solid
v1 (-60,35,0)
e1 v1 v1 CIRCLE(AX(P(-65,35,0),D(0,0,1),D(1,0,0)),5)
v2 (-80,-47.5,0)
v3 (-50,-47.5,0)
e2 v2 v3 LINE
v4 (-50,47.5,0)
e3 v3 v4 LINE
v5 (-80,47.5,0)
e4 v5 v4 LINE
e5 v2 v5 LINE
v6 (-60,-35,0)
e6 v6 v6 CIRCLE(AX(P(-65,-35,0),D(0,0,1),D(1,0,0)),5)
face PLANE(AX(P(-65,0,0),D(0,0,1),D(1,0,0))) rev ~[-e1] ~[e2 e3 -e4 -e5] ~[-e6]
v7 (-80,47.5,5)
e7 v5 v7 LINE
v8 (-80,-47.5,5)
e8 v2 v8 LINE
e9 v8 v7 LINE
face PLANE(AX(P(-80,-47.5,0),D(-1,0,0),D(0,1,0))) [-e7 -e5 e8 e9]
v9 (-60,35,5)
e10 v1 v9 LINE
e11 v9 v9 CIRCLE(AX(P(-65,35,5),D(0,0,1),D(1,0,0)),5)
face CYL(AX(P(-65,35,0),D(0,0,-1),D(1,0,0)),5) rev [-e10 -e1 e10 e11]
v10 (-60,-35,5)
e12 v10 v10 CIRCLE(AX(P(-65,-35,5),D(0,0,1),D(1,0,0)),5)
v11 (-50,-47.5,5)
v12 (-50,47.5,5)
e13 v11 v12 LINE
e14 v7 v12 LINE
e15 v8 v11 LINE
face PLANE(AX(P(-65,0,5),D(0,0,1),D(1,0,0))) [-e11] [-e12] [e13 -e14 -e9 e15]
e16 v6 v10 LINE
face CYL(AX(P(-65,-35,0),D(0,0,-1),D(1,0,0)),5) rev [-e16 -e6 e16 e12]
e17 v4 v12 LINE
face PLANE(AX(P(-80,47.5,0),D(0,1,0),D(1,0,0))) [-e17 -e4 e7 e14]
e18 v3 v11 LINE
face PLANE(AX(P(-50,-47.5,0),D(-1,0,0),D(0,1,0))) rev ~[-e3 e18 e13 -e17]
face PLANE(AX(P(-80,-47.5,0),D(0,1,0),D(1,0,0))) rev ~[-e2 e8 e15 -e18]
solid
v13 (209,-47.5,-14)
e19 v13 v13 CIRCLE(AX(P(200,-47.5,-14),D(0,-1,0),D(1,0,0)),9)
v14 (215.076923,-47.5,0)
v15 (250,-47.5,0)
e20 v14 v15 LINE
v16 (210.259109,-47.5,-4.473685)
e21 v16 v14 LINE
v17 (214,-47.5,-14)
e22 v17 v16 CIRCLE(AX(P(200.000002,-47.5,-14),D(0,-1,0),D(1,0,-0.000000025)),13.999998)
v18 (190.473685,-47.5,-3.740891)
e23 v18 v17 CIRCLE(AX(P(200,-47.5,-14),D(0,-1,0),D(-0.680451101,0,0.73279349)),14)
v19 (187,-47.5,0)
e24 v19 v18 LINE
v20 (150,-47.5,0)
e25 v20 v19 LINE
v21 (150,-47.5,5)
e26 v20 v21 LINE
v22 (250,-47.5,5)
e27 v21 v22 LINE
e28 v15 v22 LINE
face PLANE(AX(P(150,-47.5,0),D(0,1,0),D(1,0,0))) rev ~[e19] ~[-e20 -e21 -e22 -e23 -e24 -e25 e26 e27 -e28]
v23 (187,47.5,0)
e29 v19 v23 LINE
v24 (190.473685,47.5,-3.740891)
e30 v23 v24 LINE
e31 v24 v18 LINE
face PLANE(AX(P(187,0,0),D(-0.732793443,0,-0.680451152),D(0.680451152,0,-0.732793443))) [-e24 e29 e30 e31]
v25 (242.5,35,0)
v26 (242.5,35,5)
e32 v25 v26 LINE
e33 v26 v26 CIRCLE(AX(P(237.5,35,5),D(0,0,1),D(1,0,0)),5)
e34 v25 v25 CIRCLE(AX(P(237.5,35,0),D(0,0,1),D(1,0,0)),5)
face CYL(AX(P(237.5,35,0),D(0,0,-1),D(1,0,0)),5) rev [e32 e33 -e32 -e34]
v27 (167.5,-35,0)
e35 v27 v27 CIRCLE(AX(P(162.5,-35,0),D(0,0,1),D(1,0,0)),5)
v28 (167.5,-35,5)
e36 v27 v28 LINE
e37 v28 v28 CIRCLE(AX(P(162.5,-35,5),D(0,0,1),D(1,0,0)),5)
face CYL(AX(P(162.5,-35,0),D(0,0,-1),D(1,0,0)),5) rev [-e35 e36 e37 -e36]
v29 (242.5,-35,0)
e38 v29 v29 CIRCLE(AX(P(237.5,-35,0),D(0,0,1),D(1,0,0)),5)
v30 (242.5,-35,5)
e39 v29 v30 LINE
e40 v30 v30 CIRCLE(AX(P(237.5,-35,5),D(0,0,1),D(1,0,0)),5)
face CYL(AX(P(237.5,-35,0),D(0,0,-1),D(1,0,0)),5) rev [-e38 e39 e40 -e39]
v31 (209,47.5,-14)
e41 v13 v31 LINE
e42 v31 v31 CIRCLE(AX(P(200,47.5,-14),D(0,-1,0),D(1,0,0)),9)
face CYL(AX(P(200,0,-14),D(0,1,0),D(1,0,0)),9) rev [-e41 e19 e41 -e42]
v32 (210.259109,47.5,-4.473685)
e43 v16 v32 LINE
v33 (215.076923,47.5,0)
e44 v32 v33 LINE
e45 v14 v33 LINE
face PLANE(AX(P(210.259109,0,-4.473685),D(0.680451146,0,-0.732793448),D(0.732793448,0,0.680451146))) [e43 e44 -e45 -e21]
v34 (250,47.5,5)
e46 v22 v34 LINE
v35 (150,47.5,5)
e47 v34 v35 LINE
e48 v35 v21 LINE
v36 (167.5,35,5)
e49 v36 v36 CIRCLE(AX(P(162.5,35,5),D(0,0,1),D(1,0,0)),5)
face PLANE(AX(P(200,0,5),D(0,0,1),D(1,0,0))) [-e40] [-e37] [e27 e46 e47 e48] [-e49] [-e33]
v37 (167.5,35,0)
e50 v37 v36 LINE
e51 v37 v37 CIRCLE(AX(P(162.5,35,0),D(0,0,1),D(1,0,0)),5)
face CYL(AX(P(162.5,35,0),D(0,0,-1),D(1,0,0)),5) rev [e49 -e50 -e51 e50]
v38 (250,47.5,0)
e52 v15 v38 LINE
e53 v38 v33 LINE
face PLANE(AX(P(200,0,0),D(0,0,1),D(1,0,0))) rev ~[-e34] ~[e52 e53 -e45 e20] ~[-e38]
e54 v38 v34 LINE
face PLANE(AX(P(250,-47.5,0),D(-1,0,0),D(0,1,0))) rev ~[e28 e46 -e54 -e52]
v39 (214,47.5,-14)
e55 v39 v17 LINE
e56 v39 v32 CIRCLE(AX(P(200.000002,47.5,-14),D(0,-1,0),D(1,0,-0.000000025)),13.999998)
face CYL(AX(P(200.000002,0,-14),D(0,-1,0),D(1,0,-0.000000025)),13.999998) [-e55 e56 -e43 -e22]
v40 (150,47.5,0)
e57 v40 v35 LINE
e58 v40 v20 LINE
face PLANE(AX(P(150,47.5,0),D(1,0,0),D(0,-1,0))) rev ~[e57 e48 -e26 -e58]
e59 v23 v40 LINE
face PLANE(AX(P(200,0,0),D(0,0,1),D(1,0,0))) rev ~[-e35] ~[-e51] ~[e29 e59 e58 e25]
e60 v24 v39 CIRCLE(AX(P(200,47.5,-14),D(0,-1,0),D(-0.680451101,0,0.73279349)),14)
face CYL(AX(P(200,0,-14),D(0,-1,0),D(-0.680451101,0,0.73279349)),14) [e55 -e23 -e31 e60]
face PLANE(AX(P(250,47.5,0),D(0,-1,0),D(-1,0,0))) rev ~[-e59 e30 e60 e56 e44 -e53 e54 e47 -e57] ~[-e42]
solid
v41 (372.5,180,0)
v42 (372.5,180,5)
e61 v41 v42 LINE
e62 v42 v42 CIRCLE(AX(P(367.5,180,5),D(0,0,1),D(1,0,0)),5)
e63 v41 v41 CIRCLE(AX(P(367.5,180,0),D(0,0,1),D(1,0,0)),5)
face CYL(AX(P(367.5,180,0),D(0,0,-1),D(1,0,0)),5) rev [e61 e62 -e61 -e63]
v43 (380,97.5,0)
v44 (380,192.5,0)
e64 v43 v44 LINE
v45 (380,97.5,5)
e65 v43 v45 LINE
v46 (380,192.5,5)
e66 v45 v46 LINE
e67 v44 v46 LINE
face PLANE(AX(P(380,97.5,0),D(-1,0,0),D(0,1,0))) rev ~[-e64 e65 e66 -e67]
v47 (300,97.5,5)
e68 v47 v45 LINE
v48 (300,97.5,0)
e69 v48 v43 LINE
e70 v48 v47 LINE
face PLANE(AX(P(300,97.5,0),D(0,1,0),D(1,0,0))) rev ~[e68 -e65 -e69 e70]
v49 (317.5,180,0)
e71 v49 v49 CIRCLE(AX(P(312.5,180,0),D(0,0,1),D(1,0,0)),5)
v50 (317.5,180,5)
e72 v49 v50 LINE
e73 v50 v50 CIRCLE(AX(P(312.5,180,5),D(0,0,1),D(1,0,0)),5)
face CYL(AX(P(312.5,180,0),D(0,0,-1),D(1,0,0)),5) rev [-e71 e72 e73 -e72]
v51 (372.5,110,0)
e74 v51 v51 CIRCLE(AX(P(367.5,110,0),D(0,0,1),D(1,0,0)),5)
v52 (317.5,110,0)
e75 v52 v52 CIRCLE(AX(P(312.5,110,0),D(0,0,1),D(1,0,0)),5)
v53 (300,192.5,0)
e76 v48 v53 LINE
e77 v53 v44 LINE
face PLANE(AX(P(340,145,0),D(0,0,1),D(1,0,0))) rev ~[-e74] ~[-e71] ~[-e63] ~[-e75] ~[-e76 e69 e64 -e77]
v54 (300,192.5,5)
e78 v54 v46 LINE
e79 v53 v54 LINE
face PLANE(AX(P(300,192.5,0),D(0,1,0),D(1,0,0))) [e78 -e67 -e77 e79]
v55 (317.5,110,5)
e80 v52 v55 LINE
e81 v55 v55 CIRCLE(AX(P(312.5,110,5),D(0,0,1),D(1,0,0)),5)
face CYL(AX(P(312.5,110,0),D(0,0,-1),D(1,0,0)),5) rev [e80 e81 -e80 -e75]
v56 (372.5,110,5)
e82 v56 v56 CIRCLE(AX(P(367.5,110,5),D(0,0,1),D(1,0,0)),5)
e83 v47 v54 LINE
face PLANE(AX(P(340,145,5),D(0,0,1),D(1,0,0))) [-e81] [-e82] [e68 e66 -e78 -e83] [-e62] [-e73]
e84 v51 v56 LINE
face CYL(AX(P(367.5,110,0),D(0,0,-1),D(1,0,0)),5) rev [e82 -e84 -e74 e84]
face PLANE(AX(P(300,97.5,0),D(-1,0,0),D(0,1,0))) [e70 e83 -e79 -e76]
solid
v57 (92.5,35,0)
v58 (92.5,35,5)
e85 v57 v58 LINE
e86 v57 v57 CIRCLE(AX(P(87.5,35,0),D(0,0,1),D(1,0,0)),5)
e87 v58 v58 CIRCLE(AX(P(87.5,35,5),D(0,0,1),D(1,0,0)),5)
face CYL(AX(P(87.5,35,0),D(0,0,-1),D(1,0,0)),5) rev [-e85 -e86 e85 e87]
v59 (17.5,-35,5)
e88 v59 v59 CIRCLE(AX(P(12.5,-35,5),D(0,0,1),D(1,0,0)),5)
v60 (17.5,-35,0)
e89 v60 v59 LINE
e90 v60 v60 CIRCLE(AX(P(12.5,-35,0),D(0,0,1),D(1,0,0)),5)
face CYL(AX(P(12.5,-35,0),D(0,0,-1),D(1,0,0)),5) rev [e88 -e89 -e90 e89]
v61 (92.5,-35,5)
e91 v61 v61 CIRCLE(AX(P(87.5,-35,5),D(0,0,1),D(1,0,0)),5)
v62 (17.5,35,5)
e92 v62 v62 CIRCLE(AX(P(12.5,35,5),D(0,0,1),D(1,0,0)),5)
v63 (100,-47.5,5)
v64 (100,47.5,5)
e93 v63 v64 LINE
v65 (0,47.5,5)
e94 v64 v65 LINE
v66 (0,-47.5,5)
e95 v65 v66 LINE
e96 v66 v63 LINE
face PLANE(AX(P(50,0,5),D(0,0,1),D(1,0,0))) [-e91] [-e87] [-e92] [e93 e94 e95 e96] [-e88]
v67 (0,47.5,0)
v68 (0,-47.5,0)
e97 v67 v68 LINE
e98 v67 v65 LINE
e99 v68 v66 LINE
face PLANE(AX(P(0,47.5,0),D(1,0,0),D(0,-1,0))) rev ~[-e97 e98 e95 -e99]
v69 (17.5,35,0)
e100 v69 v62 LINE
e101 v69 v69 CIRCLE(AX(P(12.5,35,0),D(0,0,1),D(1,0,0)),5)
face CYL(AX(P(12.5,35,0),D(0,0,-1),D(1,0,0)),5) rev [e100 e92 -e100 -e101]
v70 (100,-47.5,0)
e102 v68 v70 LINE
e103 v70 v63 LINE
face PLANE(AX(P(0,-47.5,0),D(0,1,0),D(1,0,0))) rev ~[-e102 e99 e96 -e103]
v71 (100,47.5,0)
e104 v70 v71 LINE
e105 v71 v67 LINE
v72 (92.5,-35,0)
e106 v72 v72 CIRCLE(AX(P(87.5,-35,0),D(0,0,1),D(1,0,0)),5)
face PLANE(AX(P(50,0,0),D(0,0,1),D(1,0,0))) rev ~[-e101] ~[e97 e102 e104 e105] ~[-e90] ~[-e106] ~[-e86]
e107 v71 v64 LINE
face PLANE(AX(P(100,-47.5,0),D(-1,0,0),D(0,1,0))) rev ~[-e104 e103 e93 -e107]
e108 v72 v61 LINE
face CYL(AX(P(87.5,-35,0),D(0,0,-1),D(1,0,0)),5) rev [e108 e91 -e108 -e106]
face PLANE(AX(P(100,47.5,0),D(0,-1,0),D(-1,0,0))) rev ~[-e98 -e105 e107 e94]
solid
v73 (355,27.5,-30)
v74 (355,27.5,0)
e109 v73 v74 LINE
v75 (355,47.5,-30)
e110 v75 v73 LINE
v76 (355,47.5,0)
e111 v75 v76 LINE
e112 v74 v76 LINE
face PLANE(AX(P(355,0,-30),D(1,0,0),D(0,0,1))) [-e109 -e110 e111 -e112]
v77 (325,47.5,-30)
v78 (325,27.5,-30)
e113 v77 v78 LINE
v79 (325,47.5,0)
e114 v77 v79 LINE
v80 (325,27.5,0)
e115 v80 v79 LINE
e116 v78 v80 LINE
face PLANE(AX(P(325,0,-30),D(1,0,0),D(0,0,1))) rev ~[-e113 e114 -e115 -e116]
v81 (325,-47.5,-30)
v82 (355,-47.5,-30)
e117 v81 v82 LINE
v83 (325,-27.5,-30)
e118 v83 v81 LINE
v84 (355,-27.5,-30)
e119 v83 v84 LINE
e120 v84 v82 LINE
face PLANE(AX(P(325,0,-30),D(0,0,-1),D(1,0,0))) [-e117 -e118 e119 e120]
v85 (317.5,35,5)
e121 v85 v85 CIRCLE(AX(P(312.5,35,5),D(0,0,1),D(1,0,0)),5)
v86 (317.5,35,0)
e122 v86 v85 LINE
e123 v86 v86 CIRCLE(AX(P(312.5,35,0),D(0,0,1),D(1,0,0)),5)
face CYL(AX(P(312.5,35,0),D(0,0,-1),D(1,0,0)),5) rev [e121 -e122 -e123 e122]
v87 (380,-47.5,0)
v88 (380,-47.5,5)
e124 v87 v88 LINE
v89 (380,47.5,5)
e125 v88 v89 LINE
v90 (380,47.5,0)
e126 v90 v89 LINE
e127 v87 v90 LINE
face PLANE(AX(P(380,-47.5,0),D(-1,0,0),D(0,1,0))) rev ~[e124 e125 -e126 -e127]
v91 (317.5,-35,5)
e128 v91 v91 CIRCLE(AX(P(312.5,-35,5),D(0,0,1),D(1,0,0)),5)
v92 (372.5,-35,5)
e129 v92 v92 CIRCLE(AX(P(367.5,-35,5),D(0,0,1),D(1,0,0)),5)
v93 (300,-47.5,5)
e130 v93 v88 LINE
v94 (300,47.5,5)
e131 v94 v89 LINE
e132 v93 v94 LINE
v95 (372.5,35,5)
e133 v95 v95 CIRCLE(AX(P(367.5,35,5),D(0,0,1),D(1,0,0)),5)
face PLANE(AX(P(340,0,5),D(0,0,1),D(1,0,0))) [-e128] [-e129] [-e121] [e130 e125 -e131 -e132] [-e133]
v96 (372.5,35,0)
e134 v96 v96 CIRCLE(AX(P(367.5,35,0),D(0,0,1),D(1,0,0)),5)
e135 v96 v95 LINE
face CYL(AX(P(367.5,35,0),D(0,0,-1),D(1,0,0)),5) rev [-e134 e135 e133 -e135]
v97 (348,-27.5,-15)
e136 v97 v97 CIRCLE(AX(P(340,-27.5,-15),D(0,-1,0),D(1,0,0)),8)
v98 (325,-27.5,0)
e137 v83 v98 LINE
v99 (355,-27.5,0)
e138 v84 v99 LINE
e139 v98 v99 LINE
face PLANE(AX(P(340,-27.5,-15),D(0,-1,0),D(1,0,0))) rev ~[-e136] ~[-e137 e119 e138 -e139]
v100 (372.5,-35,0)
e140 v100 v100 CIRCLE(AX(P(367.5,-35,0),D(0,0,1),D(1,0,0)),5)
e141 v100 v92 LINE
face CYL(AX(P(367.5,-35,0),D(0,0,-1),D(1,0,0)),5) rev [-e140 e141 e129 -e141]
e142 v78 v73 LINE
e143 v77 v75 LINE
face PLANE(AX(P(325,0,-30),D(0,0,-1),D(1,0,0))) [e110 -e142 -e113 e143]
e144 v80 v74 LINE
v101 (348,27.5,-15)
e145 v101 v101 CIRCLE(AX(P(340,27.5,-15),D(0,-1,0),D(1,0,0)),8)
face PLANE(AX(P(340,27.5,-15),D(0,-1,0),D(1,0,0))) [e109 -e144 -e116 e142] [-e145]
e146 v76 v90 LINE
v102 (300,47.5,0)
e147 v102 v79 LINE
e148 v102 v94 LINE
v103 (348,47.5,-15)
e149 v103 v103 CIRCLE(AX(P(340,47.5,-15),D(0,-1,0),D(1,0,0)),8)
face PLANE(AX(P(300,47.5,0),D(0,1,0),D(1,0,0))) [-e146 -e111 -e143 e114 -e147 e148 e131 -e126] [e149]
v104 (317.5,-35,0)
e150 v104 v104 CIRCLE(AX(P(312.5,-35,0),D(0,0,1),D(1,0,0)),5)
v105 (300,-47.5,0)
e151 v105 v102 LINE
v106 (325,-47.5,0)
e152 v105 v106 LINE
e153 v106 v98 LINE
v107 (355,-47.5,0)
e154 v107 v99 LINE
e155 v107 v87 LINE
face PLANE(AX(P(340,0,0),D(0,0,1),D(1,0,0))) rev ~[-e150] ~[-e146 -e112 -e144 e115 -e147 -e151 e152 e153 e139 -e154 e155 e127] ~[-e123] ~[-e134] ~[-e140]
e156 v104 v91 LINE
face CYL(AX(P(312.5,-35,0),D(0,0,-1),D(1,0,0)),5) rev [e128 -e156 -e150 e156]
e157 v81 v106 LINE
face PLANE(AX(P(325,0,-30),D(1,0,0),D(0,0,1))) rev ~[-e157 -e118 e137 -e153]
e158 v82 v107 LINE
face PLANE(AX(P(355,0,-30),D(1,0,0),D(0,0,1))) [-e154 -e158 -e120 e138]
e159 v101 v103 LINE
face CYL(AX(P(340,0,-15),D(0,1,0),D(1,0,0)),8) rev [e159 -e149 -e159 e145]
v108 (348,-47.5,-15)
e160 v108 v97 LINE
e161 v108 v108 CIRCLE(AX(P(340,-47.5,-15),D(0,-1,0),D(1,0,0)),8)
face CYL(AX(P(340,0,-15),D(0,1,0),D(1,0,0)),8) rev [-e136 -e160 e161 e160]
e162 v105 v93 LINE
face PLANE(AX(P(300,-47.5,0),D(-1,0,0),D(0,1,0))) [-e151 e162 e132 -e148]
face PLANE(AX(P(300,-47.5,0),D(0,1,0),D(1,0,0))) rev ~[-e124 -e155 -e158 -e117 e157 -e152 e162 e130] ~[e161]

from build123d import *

# Parameters (mm, degrees)
F0_R     = 5
F0_W     = 30
F0_H     = 95
F0_W_2   = 80
F1_DEPTH = 5
F2_R     = 9
F3_DEPTH = 47.5
F2_W     = 30
F2_H     = 30
F2_R_2   = 8
F4_DEPTH = 47.5
F5_DEPTH = 27.5


with BuildPart() as f1:
    # F0 (on Top) → F1 (new body)
    with BuildSketch(Plane.XY):
        Polygon((0, 47.5), (0, 0), (0, -47.5), (100, -47.5), (100, 47.5), align=None)
        with Locations((12.5, -35)):
            Circle(F0_R, mode=Mode.SUBTRACT)
        with Locations((87.5, -35)):
            Circle(F0_R, mode=Mode.SUBTRACT)
        with Locations((12.5, 35)):
            Circle(F0_R, mode=Mode.SUBTRACT)
        with Locations((87.5, 35)):
            Circle(F0_R, mode=Mode.SUBTRACT)
        with Locations((-65, 0)):
            Rectangle(F0_W, F0_H)
        with Locations((-65, -35)):
            Circle(F0_R, mode=Mode.SUBTRACT)
        with Locations((-65, 35)):
            Circle(F0_R, mode=Mode.SUBTRACT)
        Polygon((150, 47.5), (150, -47.5), (250, -47.5), (250, 0), (250, 47.5), align=None)
        with Locations((162.5, -35)):
            Circle(F0_R, mode=Mode.SUBTRACT)
        with Locations((237.5, -35)):
            Circle(F0_R, mode=Mode.SUBTRACT)
        with Locations((162.5, 35)):
            Circle(F0_R, mode=Mode.SUBTRACT)
        with Locations((237.5, 35)):
            Circle(F0_R, mode=Mode.SUBTRACT)
        with Locations((340, 0)):
            Rectangle(F0_W_2, F0_H)
        with Locations((312.5, -35)):
            Circle(F0_R, mode=Mode.SUBTRACT)
        with Locations((367.5, -35)):
            Circle(F0_R, mode=Mode.SUBTRACT)
        with Locations((312.5, 35)):
            Circle(F0_R, mode=Mode.SUBTRACT)
        with Locations((367.5, 35)):
            Circle(F0_R, mode=Mode.SUBTRACT)
        with Locations((340, 145)):
            Rectangle(F0_W_2, F0_H)
        with Locations((312.5, 110)):
            Circle(F0_R, mode=Mode.SUBTRACT)
        with Locations((367.5, 110)):
            Circle(F0_R, mode=Mode.SUBTRACT)
        with Locations((312.5, 180)):
            Circle(F0_R, mode=Mode.SUBTRACT)
        with Locations((367.5, 180)):
            Circle(F0_R, mode=Mode.SUBTRACT)
    extrude(amount=F1_DEPTH)

    # F2 (on Front) → F3 (join, symmetric)
    with BuildSketch(Plane.XZ):
        with BuildLine():
            ThreePointArc((190.473685, -3.740891), (194.882751, -0.968739), (200, 0))
            Line((200, 0), (187, 0))
            Line((187, 0), (190.473685, -3.740891))
        make_face()
        with BuildLine():
            Line((210.259109, -4.473685), (215.076923, 0))
            Line((215.076923, 0), (200, 0))
            ThreePointArc((200, 0), (205.596051, -1.167066), (210.259109, -4.473685))
        make_face()
        with BuildLine():
            ThreePointArc((210.259109, -4.473685), (205.596051, -1.167066), (200, 0))
            ThreePointArc((200, 0), (194.882751, -0.968739), (190.473685, -3.740891))
            ThreePointArc((190.473685, -3.740891), (194.403949, -26.832934), (214, -14))
            ThreePointArc((214, -14), (213.031261, -8.882751), (210.259109, -4.473685))
        make_face()
        with Locations((200, -14)):
            Circle(F2_R, mode=Mode.SUBTRACT)
    extrude(amount=F3_DEPTH, both=True)

    # F2 (on Front) → F4 (join, symmetric)
    with BuildSketch(Plane.XZ):
        with Locations((340, -15)):
            Rectangle(F2_W, F2_H)
        with Locations((340, -15)):
            Circle(F2_R_2, mode=Mode.SUBTRACT)
    extrude(amount=F4_DEPTH, both=True)

    # F2 (on Front) → F5 (cut, symmetric)
    with BuildSketch(Plane.XZ):
        with Locations((340, -15)):
            Rectangle(F2_W, F2_H)
        with Locations((340, -15)):
            Circle(F2_R_2, mode=Mode.SUBTRACT)
    extrude(amount=F5_DEPTH, both=True, mode=Mode.SUBTRACT)


solid = f1.part
